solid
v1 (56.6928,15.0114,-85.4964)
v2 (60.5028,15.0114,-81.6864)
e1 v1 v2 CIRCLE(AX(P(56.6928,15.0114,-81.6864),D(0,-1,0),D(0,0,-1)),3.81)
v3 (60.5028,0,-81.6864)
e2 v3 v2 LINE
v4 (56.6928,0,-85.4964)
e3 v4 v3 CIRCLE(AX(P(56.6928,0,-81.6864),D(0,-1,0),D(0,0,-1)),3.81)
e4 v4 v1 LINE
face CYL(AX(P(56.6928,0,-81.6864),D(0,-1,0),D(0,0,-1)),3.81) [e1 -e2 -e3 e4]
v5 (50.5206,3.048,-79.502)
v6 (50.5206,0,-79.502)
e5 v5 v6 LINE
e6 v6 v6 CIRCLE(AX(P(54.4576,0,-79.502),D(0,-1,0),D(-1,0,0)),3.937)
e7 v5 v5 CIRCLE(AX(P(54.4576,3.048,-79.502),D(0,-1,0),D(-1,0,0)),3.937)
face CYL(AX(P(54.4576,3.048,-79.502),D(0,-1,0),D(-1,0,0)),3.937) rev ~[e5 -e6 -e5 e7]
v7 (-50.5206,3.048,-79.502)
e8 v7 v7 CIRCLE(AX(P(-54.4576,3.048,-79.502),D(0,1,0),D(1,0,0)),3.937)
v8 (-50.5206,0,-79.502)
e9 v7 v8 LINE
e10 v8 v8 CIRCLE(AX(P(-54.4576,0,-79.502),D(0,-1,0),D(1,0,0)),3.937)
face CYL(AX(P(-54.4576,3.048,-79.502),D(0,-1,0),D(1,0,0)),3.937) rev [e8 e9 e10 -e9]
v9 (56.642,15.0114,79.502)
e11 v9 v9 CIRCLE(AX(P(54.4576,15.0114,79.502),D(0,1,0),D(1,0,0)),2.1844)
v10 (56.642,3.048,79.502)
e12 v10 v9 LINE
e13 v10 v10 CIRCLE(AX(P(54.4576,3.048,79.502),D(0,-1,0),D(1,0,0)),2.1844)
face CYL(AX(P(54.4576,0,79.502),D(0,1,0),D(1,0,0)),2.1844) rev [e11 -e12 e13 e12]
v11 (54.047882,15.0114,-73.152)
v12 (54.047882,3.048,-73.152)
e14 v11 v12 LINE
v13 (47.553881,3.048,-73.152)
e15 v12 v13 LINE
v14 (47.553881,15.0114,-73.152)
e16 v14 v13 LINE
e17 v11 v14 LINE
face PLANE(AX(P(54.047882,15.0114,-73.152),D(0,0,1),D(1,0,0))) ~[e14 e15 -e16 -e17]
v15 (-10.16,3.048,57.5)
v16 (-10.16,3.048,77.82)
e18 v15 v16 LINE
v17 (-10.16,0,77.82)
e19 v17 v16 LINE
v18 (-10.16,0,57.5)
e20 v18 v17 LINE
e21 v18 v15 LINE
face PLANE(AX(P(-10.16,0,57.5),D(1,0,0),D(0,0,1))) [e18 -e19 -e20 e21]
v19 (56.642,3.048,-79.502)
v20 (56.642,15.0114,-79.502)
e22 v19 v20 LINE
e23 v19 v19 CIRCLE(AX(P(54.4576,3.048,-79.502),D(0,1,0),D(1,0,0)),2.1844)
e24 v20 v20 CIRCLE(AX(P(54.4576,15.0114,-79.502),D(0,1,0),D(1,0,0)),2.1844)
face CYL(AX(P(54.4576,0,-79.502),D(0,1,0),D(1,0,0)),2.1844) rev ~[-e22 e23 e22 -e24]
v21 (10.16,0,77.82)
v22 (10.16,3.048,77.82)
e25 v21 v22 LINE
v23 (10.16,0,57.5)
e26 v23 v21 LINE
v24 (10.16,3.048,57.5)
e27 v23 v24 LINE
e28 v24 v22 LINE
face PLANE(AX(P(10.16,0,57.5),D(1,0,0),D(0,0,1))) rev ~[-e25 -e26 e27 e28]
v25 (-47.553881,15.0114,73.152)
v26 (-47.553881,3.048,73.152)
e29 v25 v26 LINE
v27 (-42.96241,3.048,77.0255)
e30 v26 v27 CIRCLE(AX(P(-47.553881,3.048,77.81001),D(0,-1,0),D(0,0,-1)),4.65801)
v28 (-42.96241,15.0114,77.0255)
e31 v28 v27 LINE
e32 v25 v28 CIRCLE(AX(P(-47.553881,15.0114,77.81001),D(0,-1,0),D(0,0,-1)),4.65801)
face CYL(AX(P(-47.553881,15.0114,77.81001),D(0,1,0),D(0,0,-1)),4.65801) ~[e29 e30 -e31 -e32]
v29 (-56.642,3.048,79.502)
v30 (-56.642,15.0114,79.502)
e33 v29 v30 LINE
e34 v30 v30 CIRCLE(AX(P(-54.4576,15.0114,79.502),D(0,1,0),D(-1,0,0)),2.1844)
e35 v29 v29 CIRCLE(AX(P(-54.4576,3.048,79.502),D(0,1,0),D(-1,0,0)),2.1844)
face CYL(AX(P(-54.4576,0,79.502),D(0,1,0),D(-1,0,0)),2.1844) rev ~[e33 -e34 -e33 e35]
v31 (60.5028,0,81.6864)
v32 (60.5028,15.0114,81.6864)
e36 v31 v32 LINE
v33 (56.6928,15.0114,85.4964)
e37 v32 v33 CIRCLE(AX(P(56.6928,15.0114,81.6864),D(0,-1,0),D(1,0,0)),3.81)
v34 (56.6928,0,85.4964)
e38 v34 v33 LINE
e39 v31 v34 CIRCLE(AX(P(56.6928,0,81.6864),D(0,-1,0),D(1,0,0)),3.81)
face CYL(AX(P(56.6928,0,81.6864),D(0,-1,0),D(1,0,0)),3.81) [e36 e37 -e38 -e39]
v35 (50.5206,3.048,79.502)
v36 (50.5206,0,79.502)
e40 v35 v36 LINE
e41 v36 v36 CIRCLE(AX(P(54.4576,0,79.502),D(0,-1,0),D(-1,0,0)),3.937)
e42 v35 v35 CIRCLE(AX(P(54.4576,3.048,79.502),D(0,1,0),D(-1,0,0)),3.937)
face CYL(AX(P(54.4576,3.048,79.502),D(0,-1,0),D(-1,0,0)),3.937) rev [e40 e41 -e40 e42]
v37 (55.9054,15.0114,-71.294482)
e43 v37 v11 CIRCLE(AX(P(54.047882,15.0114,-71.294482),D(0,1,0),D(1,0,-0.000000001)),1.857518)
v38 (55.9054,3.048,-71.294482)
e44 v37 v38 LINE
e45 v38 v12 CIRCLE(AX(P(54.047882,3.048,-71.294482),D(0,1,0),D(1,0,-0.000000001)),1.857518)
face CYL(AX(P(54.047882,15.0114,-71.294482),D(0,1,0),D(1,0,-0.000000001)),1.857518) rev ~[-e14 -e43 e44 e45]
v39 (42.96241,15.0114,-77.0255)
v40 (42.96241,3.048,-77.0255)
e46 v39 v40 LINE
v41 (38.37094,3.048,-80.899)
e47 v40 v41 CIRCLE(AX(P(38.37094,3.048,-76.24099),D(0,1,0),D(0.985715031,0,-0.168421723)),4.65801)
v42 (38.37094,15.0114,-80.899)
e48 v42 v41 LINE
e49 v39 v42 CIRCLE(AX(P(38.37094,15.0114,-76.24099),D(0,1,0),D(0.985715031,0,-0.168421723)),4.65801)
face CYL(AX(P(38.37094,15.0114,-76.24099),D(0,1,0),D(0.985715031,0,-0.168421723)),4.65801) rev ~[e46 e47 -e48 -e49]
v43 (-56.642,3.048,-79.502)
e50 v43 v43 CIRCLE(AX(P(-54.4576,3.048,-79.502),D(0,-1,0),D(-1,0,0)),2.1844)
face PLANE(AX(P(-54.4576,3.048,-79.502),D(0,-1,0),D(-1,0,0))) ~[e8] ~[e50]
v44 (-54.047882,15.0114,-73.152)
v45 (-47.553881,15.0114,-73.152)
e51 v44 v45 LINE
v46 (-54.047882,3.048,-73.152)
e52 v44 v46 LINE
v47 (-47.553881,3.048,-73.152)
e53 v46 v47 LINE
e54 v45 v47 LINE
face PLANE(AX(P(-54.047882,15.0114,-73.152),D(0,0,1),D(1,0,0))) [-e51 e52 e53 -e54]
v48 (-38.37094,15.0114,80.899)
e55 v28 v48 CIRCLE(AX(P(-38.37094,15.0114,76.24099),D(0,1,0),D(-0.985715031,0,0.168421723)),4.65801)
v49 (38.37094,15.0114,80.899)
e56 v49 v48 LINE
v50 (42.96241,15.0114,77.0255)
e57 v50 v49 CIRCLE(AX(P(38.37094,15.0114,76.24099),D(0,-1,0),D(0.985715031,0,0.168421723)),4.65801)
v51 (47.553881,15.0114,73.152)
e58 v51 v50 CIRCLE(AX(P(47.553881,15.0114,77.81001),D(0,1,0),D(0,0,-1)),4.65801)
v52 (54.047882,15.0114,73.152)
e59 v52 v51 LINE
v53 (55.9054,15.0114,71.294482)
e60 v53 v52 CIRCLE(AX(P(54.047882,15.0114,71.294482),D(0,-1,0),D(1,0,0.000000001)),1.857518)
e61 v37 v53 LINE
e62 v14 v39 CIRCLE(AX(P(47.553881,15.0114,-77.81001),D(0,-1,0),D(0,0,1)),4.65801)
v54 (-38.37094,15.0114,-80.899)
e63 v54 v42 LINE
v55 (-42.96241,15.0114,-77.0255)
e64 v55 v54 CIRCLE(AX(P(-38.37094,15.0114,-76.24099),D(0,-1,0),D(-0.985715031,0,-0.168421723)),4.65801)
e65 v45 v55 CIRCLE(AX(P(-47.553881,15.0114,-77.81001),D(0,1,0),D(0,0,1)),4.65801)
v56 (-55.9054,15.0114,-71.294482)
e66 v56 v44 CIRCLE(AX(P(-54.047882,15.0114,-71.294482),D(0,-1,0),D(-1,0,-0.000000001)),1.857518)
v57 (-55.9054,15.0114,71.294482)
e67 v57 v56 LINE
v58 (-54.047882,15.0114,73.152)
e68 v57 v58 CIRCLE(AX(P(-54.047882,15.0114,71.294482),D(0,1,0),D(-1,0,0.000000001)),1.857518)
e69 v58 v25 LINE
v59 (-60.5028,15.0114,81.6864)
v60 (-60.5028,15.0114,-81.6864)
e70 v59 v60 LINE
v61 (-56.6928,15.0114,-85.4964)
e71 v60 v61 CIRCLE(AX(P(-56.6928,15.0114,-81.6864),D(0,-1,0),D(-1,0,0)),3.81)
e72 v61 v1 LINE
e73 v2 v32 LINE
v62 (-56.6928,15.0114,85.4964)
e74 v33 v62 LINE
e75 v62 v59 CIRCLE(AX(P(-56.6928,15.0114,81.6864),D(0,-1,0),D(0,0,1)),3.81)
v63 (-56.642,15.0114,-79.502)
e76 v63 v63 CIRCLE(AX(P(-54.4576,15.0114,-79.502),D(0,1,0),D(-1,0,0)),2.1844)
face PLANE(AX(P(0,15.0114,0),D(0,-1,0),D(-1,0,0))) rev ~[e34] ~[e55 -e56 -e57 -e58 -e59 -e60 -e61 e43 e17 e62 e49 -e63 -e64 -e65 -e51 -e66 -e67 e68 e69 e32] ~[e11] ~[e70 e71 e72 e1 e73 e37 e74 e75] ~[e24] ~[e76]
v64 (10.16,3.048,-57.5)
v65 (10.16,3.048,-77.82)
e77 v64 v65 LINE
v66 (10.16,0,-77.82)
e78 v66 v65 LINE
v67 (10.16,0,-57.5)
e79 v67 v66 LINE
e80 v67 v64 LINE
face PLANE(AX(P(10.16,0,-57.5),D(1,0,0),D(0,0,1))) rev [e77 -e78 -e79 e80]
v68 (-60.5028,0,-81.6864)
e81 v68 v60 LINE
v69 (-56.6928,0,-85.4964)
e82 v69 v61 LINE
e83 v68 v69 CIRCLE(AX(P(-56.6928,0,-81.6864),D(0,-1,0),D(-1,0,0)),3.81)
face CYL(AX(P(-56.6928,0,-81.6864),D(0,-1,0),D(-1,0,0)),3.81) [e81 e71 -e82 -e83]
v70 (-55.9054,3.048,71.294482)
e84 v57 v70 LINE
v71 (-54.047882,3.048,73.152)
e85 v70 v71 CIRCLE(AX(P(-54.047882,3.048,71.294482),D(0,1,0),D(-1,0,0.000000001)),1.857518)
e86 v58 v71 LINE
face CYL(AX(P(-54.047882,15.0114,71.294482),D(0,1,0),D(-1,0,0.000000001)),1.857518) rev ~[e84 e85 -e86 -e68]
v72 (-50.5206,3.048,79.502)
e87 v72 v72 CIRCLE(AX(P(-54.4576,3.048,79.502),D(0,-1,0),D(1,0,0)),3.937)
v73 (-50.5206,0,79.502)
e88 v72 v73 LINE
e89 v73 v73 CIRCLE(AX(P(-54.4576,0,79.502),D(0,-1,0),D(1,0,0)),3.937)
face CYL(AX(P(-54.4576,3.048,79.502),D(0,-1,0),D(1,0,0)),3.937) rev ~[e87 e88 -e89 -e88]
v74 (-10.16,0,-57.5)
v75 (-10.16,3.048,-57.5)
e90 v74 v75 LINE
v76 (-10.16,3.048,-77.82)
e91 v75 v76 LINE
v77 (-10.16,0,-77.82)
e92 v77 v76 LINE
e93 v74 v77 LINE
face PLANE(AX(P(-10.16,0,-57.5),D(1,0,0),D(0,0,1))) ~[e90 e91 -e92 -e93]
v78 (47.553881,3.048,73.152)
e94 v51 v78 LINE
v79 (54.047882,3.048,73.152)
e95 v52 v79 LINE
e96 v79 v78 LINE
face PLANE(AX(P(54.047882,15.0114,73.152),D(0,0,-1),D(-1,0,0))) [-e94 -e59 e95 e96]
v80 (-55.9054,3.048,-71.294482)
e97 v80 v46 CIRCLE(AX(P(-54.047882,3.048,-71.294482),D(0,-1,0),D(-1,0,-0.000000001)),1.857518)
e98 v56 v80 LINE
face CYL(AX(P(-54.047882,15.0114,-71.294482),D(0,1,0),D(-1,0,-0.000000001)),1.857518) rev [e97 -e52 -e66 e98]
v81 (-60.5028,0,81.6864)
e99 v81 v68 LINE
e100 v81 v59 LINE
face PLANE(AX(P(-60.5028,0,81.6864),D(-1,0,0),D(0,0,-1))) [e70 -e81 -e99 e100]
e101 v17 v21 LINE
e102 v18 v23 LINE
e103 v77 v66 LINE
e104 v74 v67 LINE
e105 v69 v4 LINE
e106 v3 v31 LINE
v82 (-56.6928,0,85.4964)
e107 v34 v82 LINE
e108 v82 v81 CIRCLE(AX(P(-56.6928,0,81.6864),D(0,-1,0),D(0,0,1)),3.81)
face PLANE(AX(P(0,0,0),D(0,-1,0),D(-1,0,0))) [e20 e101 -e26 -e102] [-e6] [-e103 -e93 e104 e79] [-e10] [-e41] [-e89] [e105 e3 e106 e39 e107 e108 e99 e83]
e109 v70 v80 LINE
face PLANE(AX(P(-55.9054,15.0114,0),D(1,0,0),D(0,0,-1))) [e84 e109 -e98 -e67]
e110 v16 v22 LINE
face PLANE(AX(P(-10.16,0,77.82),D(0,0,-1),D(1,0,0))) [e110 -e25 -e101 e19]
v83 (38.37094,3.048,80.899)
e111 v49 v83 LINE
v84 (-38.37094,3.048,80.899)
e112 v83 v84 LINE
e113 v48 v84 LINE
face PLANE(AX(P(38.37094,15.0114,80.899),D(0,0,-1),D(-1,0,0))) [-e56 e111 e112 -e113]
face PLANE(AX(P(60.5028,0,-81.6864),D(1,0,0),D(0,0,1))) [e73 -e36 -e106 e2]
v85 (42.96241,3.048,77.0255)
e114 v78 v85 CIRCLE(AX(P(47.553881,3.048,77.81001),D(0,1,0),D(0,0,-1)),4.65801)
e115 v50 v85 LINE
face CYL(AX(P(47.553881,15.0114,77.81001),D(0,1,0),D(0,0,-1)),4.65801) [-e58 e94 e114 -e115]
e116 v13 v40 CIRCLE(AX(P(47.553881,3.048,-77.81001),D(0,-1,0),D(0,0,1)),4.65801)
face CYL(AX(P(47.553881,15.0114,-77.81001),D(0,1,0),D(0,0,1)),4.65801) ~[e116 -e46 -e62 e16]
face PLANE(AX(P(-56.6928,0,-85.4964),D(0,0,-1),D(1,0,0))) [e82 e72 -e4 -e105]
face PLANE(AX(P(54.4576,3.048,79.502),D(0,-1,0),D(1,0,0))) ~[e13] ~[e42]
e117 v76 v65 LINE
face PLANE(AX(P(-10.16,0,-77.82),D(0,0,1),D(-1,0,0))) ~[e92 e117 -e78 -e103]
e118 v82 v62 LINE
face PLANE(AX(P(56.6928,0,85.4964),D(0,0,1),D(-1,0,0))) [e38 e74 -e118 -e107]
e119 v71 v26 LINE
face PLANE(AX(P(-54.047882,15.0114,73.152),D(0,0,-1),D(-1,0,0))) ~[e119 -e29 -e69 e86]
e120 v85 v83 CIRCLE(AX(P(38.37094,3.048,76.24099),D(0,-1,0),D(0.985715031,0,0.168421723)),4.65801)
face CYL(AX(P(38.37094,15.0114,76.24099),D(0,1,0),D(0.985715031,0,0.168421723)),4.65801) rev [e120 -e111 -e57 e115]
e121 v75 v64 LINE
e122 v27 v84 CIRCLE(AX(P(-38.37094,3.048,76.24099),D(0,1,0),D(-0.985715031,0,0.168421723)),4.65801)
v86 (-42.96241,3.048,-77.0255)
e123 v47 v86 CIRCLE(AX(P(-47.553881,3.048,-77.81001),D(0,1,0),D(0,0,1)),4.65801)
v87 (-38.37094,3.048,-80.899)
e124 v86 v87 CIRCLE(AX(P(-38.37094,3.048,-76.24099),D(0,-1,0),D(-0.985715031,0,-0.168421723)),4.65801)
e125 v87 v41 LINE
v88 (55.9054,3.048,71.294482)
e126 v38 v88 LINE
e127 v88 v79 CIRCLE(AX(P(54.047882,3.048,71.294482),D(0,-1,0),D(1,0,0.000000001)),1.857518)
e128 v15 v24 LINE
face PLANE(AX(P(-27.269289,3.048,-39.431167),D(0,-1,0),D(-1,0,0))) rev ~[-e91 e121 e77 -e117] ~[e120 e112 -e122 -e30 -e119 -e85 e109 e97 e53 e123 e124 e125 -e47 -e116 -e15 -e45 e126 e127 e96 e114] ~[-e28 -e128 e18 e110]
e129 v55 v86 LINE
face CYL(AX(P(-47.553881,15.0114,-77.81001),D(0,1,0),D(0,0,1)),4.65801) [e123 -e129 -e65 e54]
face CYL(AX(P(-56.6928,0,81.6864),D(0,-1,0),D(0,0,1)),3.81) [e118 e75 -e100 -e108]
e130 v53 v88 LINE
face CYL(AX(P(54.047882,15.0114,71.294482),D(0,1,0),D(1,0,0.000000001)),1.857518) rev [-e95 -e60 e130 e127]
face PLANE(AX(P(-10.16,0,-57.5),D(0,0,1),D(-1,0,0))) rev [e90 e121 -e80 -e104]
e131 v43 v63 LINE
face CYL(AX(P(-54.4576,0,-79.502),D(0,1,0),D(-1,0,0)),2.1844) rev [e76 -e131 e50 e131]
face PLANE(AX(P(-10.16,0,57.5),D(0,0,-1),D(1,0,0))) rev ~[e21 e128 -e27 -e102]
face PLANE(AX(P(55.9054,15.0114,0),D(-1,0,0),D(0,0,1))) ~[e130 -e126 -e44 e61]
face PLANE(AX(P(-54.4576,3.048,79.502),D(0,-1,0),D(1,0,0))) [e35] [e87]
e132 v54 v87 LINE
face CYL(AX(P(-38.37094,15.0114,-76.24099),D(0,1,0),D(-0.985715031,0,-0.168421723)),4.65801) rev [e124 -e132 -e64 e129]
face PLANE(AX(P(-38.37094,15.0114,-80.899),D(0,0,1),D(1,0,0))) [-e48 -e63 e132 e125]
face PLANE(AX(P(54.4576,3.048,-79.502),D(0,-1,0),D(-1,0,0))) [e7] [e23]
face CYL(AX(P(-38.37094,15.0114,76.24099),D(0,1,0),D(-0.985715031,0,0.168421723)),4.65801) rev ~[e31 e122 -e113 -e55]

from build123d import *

# Parameters (mm, degrees)
BOSS_EXTRUDE1_DEPTH                                 = 15.0114
CUT_EXTRUDE1_DEPTH                                  = 11.9634
MIRROR2_COPY_1_DEPTH                                = 11.9634
CBORE_SLOT_FOR_3_BINDING_HEAD_MACHINE_S_D           = 4.3688
CBORE_SLOT_FOR_3_BINDING_HEAD_MACHINE_S_CBORE_D     = 7.874
CBORE_SLOT_FOR_3_BINDING_HEAD_MACHINE_S_CBORE_DEPTH = 3.048
MIRROR4_COPY_1_D                                    = 4.3688
MIRROR4_COPY_1_CBORE_D                              = 7.874
MIRROR4_COPY_1_CBORE_DEPTH                          = 3.048
SKETCH10_W                                          = 20.32
SKETCH10_H                                          = 20.32
CUT_EXTRUDE3_DEPTH                                  = 3.048


with BuildPart() as part:
    # Sketch2 → Boss-Extrude1 (new body)
    with BuildSketch(Plane(origin=(0, 0, 0), x_dir=(1, 0, 0), z_dir=(0, 1, 0))):
        with BuildLine():
            Line((56.6928, -85.4964), (-56.6928, -85.4964))
            ThreePointArc((-56.6928, -85.4964), (-59.386876836, -84.380476836), (-60.5028, -81.6864))
            Line((-60.5028, -81.6864), (-60.5028, 81.6864))
            ThreePointArc((-60.5028, 81.6864), (-59.386876836, 84.380476836), (-56.6928, 85.4964))
            Line((-56.6928, 85.4964), (56.6928, 85.4964))
            ThreePointArc((56.6928, 85.4964), (59.386876836, 84.380476836), (60.5028, 81.6864))
            Line((60.5028, 81.6864), (60.5028, -81.6864))
            ThreePointArc((60.5028, -81.6864), (59.386876836, -84.380476836), (56.6928, -85.4964))
        make_face()
    extrude(amount=BOSS_EXTRUDE1_DEPTH)

    # Sketch3 → Cut-Extrude1 (cut)
    with BuildSketch(Plane(origin=(0, 15.0114, 0), x_dir=(1, 0, 0), z_dir=(0, 1, 0))):
        with BuildLine():
            Line((-55.9054, 0), (-55.9054, 71.294481899))
            ThreePointArc((-55.9054, 71.294481899), (-55.361345544, 72.607945544), (-54.047881899, 73.152))
            Line((-54.047881899, 73.152), (-47.553880656, 73.152))
            ThreePointArc((-47.553880656, 73.152), (-44.550315934, 74.249721203), (-42.962410096, 77.0255))
            ThreePointArc((-42.962410096, 77.0255), (-41.374504259, 79.801278797), (-38.370939537, 80.899))
            Line((-38.370939537, 80.899), (0, 80.899))
            Line((0, 80.899), (0, 0))
            Line((0, 0), (-55.9054, 0))
        make_face()
    cut_extrude1 = extrude(amount=-CUT_EXTRUDE1_DEPTH, mode=Mode.SUBTRACT)

    # Mirror1: Cut-Extrude1 across plane
    add(cut_extrude1.mirror(Plane(origin=(0, 0, 0), x_dir=(0, 0, 1), z_dir=(1, 0, 0))), mode=Mode.SUBTRACT)

    # Mirror2: Cut-Extrude1 across plane
    add(cut_extrude1.mirror(Plane.XY), mode=Mode.SUBTRACT)

    # Mirror2 copy 1 sketch → Mirror2 copy 1 (cut)
    with BuildSketch(Plane(origin=(0, 15.0114, 0), x_dir=(-1, 0, 0), z_dir=(0, 1, 0))):
        with BuildLine():
            Line((-55.9054, 0), (-55.9054, 71.294481899))
            ThreePointArc((-55.9054, 71.294481899), (-55.361345544, 72.607945544), (-54.047881899, 73.152))
            Line((-54.047881899, 73.152), (-47.553880656, 73.152))
            ThreePointArc((-47.553880656, 73.152), (-44.550315934, 74.249721203), (-42.962410096, 77.0255))
            ThreePointArc((-42.962410096, 77.0255), (-41.374504259, 79.801278797), (-38.370939537, 80.899))
            Line((-38.370939537, 80.899), (0, 80.899))
            Line((0, 80.899), (0, 0))
            Line((0, 0), (-55.9054, 0))
        make_face()
    extrude(amount=-MIRROR2_COPY_1_DEPTH, mode=Mode.SUBTRACT)

    # CBORE SLOT for #3 Binding Head Machine Screw1 (through all)
    with Locations(Plane(origin=(0, 0, 0), x_dir=(-1, 0, 0), z_dir=(0, -1, 0))):
        with Locations((-54.4576, 79.502)):
            cbore_slot_for_3_binding_head_machine_s = CounterBoreHole(CBORE_SLOT_FOR_3_BINDING_HEAD_MACHINE_S_D / 2, CBORE_SLOT_FOR_3_BINDING_HEAD_MACHINE_S_CBORE_D / 2, CBORE_SLOT_FOR_3_BINDING_HEAD_MACHINE_S_CBORE_DEPTH)

    # Mirror3: CBORE SLOT for #3 Binding Head Machine Screw1 across plane
    add(cbore_slot_for_3_binding_head_machine_s.mirror(Plane(origin=(0, 0, 0), x_dir=(0, 0, 1), z_dir=(1, 0, 0))), mode=Mode.SUBTRACT)

    # Mirror4: CBORE SLOT for #3 Binding Head Machine Screw1 across plane
    add(cbore_slot_for_3_binding_head_machine_s.mirror(Plane.XY), mode=Mode.SUBTRACT)

    # Mirror4 copy 1 (through all)
    with Locations(Plane.XZ):
        with Locations((-54.4576, 79.502)):
            CounterBoreHole(MIRROR4_COPY_1_D / 2, MIRROR4_COPY_1_CBORE_D / 2, MIRROR4_COPY_1_CBORE_DEPTH)

    # Sketch10 → Cut-Extrude3 (cut)
    with BuildSketch(Plane.XZ):
        with Locations((0, 67.66)):
            Rectangle(SKETCH10_W, SKETCH10_H)
    cut_extrude3 = extrude(amount=-CUT_EXTRUDE3_DEPTH, mode=Mode.SUBTRACT)

    # Mirror7: Cut-Extrude3 across plane
    add(cut_extrude3.mirror(Plane.XY), mode=Mode.SUBTRACT)


solid = part.part
